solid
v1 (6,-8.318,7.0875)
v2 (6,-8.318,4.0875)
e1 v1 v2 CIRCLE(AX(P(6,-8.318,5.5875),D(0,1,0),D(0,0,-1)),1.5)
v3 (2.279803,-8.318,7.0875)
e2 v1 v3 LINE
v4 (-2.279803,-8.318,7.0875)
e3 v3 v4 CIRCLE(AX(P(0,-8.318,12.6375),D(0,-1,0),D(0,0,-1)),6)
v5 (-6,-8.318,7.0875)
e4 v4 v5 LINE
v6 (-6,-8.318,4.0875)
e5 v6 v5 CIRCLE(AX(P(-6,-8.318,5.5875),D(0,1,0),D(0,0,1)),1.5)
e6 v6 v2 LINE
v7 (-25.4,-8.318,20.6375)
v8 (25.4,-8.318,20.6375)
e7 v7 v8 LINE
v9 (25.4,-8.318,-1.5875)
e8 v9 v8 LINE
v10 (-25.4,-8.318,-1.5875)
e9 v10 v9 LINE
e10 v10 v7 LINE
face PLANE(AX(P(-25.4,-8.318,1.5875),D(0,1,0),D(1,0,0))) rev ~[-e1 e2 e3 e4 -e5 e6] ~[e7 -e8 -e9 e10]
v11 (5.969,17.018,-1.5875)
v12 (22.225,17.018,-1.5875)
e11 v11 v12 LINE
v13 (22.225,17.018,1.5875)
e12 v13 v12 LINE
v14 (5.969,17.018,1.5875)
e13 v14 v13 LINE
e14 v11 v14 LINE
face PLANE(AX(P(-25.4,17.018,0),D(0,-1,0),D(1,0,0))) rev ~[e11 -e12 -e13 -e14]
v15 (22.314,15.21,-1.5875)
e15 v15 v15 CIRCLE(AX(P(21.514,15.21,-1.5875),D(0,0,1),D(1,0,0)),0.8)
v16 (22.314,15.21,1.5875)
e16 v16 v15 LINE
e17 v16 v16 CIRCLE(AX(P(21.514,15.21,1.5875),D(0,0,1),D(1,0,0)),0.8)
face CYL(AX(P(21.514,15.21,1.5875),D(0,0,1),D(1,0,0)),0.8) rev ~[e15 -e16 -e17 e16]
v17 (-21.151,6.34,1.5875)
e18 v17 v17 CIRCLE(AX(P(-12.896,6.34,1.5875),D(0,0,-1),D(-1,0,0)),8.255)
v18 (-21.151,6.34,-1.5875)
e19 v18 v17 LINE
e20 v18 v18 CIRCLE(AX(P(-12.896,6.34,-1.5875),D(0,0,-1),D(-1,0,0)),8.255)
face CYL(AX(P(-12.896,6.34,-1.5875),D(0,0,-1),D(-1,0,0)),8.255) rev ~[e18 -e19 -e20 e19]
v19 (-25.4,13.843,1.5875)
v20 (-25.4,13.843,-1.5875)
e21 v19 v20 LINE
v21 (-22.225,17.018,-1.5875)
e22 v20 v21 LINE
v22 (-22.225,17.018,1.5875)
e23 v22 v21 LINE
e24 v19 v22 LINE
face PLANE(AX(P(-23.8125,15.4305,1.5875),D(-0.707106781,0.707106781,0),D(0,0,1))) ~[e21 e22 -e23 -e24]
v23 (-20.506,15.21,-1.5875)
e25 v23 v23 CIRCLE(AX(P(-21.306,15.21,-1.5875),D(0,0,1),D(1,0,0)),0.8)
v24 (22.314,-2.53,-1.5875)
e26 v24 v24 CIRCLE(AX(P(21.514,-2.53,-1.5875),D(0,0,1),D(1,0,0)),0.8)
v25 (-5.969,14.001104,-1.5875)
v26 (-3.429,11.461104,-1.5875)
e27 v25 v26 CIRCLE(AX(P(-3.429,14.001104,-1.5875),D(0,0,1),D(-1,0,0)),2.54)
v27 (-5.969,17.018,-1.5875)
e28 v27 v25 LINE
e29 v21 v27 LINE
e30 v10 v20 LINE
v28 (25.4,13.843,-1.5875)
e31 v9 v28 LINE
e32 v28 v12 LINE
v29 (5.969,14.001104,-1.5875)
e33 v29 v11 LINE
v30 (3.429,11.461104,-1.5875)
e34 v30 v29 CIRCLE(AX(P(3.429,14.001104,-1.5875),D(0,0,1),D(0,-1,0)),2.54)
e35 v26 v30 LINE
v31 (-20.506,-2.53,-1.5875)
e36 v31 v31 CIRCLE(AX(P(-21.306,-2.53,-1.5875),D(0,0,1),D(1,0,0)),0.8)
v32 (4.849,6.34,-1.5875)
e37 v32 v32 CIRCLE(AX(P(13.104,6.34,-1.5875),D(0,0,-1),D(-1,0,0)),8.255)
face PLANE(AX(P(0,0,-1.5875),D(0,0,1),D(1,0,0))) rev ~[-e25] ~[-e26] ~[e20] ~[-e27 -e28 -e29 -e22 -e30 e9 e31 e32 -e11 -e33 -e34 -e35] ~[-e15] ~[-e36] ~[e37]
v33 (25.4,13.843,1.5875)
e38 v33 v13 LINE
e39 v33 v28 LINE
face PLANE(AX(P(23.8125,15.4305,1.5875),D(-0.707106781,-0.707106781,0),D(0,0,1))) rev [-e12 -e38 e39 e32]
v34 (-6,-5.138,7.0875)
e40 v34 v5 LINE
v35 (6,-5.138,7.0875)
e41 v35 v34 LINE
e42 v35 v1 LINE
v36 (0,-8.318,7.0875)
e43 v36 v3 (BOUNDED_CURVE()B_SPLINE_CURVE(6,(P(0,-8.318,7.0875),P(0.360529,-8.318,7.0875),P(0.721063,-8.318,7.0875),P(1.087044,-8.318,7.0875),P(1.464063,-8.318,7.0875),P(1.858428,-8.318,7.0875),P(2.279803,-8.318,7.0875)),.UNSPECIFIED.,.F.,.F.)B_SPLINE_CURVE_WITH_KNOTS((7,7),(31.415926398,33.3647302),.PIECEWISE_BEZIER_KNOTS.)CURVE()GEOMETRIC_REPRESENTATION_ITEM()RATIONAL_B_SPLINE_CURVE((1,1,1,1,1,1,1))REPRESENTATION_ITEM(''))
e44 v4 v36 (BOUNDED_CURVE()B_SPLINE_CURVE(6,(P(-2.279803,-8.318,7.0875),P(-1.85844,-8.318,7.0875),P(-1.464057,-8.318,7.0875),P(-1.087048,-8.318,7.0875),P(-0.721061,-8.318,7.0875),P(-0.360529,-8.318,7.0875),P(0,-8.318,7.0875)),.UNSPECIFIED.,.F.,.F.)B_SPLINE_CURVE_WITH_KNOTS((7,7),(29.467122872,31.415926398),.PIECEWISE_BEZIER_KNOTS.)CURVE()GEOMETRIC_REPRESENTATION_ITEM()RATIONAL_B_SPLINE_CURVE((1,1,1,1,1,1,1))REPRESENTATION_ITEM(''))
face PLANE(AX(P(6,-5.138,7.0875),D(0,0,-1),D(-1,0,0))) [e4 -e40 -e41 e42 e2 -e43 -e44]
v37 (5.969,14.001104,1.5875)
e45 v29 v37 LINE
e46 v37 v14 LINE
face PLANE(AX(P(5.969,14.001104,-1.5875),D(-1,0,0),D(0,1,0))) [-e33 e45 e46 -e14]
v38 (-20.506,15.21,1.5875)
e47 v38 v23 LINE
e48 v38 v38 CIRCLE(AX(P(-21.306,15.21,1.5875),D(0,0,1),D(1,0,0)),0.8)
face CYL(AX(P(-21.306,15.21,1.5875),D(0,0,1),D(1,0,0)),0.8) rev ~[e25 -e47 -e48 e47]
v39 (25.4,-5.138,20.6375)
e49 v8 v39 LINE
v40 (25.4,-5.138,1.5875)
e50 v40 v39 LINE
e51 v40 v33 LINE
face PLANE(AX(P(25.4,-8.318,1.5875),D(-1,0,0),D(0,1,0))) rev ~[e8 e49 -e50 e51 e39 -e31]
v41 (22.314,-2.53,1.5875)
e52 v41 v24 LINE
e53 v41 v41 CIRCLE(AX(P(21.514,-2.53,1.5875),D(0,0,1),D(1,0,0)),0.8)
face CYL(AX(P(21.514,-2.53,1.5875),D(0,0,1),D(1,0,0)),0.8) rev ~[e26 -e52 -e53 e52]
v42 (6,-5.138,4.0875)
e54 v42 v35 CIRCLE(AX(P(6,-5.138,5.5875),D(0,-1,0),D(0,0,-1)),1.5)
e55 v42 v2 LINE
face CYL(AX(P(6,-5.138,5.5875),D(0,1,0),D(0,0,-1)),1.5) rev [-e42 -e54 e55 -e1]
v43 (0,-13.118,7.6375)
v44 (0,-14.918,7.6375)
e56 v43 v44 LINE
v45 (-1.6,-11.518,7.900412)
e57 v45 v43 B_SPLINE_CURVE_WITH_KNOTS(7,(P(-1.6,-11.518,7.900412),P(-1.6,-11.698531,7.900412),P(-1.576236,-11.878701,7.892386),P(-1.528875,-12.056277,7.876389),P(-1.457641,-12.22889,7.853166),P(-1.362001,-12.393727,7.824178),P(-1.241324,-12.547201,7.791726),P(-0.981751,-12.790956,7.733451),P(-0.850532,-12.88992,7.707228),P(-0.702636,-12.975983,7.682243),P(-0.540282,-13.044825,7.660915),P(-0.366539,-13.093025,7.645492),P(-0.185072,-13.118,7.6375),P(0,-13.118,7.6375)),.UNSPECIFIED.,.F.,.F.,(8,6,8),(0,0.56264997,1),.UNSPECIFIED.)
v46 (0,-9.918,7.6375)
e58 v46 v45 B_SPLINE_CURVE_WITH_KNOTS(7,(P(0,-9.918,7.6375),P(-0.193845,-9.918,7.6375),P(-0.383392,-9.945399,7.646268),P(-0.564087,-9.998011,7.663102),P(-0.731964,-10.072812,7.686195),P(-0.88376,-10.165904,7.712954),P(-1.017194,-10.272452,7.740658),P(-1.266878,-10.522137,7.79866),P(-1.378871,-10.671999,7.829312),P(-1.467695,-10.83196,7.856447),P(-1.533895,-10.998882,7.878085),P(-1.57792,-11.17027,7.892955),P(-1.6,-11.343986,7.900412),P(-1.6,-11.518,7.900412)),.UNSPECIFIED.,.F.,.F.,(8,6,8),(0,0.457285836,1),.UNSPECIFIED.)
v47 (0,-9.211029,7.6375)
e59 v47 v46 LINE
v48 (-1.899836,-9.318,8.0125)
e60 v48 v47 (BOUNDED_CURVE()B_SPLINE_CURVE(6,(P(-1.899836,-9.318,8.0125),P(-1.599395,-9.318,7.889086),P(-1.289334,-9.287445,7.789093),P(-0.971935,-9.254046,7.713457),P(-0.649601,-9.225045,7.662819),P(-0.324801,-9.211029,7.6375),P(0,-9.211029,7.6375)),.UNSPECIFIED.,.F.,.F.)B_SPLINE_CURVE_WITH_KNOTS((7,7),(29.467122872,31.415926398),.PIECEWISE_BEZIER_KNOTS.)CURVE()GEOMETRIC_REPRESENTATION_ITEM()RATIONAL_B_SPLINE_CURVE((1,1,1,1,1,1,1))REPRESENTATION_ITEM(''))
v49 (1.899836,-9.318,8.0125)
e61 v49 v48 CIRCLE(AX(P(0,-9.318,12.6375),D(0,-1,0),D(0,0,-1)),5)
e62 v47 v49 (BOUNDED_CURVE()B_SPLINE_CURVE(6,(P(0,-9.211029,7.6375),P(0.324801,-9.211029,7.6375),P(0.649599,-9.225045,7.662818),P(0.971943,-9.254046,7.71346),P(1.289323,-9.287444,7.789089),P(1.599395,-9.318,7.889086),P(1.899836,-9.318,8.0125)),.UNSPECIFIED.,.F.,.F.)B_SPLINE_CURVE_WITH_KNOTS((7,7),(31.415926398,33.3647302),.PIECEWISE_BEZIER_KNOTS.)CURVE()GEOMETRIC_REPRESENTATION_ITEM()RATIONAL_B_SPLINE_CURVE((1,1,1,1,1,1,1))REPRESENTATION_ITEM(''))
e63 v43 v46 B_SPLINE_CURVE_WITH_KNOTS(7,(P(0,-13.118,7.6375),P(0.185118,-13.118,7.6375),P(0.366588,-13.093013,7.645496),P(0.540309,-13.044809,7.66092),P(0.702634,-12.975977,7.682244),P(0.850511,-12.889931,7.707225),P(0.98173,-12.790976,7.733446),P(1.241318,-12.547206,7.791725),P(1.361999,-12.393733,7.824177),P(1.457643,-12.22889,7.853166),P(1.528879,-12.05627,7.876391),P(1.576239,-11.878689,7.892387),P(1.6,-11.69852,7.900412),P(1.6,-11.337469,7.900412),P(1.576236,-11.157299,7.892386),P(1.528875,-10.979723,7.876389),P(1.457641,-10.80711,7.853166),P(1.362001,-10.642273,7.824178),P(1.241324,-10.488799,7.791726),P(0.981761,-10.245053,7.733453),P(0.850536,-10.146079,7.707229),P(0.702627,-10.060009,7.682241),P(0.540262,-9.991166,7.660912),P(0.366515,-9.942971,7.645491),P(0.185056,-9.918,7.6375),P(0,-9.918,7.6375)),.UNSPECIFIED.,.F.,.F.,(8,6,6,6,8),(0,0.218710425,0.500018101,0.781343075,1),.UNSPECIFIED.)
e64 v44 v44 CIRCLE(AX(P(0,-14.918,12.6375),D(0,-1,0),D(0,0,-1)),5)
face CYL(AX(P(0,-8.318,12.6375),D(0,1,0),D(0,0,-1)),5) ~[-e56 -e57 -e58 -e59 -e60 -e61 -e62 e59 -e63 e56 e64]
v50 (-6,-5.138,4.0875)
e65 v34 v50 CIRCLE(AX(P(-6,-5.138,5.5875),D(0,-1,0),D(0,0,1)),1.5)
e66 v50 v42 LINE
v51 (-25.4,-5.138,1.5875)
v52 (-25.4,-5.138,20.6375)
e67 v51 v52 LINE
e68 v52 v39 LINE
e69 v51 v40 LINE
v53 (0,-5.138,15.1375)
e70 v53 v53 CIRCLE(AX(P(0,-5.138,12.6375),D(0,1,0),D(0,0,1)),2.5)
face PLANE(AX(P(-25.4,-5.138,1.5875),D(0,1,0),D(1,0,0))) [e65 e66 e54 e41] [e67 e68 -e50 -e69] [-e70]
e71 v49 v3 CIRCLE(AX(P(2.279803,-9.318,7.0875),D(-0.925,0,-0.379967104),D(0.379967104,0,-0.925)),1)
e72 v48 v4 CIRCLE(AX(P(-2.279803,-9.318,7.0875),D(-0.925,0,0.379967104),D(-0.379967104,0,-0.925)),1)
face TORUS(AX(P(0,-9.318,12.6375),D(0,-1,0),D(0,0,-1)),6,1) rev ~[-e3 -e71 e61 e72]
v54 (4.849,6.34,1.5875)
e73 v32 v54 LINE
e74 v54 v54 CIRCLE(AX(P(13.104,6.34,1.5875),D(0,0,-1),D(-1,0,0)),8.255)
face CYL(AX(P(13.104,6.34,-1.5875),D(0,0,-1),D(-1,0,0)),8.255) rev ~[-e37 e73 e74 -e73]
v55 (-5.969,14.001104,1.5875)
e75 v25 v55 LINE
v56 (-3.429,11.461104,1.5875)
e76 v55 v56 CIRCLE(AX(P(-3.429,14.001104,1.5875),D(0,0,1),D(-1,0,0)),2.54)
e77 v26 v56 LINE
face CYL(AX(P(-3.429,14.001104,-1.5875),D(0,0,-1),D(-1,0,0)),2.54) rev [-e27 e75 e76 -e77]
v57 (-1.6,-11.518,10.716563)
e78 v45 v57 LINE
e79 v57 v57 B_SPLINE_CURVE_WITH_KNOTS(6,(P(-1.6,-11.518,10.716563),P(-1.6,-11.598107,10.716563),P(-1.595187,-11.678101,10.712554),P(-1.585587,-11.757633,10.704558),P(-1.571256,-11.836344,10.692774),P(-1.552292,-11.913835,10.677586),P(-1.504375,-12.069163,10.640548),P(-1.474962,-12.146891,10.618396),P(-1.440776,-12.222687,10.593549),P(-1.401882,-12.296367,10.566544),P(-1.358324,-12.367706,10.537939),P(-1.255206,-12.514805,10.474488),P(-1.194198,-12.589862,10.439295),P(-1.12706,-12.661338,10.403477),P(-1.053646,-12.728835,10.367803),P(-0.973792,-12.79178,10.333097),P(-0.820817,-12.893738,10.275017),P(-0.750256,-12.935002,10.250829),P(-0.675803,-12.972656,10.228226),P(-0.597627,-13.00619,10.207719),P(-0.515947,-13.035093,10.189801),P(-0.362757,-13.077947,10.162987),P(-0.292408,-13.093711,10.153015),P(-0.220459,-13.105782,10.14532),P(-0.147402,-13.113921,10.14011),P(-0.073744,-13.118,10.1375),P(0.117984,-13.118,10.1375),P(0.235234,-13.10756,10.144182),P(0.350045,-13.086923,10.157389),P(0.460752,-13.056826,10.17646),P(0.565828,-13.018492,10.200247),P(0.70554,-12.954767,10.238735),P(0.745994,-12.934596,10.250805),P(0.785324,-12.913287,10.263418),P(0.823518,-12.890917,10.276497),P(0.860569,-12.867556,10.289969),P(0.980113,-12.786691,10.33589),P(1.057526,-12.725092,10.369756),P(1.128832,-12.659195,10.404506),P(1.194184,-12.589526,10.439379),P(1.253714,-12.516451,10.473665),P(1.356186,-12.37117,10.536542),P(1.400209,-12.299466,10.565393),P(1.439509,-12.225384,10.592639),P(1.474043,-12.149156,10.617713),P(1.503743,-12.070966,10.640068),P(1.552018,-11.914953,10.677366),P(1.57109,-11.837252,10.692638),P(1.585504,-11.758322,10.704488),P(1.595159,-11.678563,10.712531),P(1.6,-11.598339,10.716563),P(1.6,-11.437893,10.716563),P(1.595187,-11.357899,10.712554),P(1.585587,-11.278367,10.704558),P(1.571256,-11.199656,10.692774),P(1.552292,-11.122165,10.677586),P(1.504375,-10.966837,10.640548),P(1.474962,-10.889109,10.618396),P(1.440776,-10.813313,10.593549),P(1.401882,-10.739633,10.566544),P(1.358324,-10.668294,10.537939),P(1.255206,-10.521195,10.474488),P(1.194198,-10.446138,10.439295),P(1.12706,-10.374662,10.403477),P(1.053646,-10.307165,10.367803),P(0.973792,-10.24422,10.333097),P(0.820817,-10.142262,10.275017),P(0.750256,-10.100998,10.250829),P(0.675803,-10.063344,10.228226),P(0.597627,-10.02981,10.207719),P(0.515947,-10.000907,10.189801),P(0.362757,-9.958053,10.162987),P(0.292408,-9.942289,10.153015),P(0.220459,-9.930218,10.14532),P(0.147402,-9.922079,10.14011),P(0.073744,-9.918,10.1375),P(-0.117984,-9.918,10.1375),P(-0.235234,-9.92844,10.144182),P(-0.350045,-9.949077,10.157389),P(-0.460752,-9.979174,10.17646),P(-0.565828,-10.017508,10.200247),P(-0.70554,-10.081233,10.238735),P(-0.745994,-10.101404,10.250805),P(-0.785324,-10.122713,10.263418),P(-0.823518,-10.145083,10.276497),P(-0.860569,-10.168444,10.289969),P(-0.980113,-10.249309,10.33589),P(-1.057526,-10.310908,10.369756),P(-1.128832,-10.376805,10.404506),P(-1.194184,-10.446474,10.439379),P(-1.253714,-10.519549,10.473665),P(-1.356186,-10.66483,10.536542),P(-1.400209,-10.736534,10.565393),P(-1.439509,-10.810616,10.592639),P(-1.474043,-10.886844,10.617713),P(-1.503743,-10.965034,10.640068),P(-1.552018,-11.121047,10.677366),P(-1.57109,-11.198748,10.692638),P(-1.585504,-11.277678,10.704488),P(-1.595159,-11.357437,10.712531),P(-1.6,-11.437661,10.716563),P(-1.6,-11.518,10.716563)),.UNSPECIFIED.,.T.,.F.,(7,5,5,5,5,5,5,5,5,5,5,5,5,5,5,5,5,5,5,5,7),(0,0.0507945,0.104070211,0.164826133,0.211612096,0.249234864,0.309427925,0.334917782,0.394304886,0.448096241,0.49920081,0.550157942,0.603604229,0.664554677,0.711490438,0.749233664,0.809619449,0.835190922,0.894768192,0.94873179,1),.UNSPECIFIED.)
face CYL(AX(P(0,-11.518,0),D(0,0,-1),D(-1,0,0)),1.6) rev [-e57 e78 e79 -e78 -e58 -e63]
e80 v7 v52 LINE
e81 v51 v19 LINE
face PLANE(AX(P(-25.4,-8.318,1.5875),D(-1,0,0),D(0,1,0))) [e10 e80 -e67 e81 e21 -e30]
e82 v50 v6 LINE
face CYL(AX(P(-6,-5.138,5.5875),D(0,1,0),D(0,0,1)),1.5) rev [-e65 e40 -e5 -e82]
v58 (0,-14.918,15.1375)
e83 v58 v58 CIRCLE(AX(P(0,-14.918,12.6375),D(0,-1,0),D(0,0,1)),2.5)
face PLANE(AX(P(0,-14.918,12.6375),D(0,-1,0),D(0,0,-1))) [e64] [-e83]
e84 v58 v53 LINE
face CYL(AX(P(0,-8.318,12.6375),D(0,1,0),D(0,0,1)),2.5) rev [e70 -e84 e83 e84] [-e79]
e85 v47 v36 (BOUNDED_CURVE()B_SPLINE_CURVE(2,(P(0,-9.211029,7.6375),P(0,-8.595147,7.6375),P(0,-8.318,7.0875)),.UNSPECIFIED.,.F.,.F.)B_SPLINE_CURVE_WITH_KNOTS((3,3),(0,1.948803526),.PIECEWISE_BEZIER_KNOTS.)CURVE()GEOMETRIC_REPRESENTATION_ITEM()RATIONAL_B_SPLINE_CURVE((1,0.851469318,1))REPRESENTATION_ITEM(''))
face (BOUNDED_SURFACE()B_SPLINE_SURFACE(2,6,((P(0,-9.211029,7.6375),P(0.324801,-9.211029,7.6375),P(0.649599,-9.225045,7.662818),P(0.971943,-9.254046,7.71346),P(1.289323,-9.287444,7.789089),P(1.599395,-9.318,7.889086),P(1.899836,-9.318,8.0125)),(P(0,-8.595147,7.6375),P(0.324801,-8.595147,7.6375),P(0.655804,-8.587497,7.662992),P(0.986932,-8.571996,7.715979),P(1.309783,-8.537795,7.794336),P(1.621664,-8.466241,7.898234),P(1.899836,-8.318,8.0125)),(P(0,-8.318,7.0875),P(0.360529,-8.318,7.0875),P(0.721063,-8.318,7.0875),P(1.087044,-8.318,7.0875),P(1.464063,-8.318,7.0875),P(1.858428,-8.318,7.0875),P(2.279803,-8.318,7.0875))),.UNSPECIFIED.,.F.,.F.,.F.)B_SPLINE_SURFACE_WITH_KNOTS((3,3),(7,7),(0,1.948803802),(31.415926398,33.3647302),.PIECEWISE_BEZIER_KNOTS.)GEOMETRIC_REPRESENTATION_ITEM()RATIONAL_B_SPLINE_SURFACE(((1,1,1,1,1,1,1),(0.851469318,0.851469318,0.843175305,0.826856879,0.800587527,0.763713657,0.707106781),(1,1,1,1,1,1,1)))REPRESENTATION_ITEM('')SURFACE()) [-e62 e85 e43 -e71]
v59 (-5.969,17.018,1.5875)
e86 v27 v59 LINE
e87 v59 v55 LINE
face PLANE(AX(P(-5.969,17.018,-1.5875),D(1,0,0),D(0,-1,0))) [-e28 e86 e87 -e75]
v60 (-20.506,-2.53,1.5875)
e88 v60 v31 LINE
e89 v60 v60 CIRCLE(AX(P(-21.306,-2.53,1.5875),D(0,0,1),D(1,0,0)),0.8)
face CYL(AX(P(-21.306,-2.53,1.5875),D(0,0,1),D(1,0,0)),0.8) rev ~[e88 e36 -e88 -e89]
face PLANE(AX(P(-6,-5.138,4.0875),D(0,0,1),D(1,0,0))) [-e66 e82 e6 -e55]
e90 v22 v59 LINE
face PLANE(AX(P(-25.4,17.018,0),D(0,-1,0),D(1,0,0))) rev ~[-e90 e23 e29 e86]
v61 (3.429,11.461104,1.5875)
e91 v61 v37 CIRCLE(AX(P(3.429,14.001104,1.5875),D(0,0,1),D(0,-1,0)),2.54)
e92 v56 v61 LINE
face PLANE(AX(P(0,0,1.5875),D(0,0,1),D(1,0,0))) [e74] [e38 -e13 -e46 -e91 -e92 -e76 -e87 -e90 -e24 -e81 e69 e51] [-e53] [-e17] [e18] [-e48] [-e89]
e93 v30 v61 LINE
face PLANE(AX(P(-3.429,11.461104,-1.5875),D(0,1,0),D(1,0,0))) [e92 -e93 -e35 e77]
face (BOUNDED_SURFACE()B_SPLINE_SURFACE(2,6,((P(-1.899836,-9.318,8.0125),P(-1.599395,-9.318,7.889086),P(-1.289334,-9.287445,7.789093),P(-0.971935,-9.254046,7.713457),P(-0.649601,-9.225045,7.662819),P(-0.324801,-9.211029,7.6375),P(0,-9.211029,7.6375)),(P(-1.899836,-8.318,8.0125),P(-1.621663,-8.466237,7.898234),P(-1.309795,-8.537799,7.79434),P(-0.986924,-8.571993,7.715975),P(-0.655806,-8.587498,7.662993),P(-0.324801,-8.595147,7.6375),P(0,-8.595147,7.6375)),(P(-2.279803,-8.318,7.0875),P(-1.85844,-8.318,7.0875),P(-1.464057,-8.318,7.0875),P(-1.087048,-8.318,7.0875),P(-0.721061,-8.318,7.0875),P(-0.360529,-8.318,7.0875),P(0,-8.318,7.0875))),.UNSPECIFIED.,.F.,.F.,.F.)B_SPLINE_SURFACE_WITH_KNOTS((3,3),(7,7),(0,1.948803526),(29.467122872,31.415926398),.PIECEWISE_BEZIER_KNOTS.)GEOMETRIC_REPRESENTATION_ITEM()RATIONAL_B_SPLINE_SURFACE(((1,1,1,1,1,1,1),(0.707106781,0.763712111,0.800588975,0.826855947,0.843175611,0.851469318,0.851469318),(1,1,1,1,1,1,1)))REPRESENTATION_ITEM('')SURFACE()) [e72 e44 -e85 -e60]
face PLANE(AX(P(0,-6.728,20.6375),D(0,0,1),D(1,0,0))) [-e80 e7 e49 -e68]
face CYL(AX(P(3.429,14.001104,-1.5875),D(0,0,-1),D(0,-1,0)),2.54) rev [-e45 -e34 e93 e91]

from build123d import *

# Parameters (mm, degrees)
SKETCH1_W                = 50.8
SKETCH1_H                = 34.036
BOSS_EXTRUDE1_DEPTH      = 1.5875
CHAMFER2_SIZE            = 3.175
CUT_EXTRUDE1_DEPTH       = 3.175
SKETCH7_R                = 8.255
CUT_EXTRUDE3_DEPTH       = 3.175
SKETCH8_R                = 8.255
CUT_EXTRUDE4_DEPTH       = 3.175
SKETCH9_R                = 0.8
CUT_EXTRUDE5_DEPTH       = 3.175
SKETCH_1_W               = 50.8
SKETCH_1_H               = 8.7
CUT_EXTRUDE_1_DEPTH      = 10
SKETCH_2_W               = 50.8
SKETCH_2_H               = 3.18
EXTRUDE_1_DEPTH          = 19.05
CUT_EXTRUDE_2_DEPTH      = 10
SKETCH_3_R               = 2.5
CUT_EXTRUDE_3_DEPTH      = 10
SKETCH_5_R               = 5
SKETCH_5_R_2             = 2.5
EXTRUDE_2_DEPTH          = 6.6
CUT_EXTRUDE_4_REACH      = 38.887
CUT_EXTRUDE_4_END_RADIUS = 2.5
SKETCH_6_R               = 1.6
FILLET_1_R               = 1


with BuildPart() as part:
    # Sketch1 → Boss-Extrude1 (new, symmetric)
    with BuildSketch(Plane.XY):
        Rectangle(SKETCH1_W, SKETCH1_H)
    extrude(amount=BOSS_EXTRUDE1_DEPTH, both=True)

    # Chamfer2
    chamfer2_edges = [part.edges().sort_by_distance(p)[0] for p in [
        (-25.4, 17.018, 0),
        (25.4, 17.018, 0),
    ]]
    chamfer(chamfer2_edges, length=CHAMFER2_SIZE)

    # Sketch5 → Cut-Extrude1 (cut)
    with BuildSketch(Plane(origin=(0, 0, -1.5875), x_dir=(-1, 0, 0), z_dir=(0, 0, -1))):
        with BuildLine():
            Line((-5.969, 14.001104381), (-5.969, 17.018))
            Line((-5.969, 17.018), (5.969, 17.018))
            Line((5.969, 17.018), (5.969, 14.001104381))
            ThreePointArc((5.969, 14.001104381), (5.225051224, 12.205053157), (3.429, 11.461104381))
            Line((3.429, 11.461104381), (-3.429, 11.461104381))
            ThreePointArc((-3.429, 11.461104381), (-5.225051224, 12.205053157), (-5.969, 14.001104381))
        make_face()
    extrude(amount=-CUT_EXTRUDE1_DEPTH, mode=Mode.SUBTRACT)

    # Sketch7 → Cut-Extrude3 (cut)
    with BuildSketch(Plane(origin=(0, 0, -1.5875), x_dir=(-1, 0, 0), z_dir=(0, 0, -1))):
        with Locations((12.896, 6.34)):
            Circle(SKETCH7_R)
    extrude(amount=-CUT_EXTRUDE3_DEPTH, mode=Mode.SUBTRACT)

    # Sketch8 → Cut-Extrude4 (cut)
    with BuildSketch(Plane(origin=(0, 0, -1.5875), x_dir=(-1, 0, 0), z_dir=(0, 0, -1))):
        with Locations((-13.104, 6.34)):
            Circle(SKETCH8_R)
    extrude(amount=-CUT_EXTRUDE4_DEPTH, mode=Mode.SUBTRACT)

    # Sketch9 → Cut-Extrude5 (cut)
    with BuildSketch(Plane.XY.offset(1.5875)):
        with Locations((-21.306, 15.21)):
            Circle(SKETCH9_R)
        with Locations((21.514, 15.21)):
            Circle(SKETCH9_R)
        with Locations((21.514, -2.53)):
            Circle(SKETCH9_R)
        with Locations((-21.306, -2.53)):
            Circle(SKETCH9_R)
    extrude(amount=-CUT_EXTRUDE5_DEPTH, mode=Mode.SUBTRACT)

    # 草图1 → 切除-拉伸1 (cut)
    with BuildSketch(Plane.XY.offset(1.5875)):
        with Locations((0, -12.668)):
            Rectangle(SKETCH_1_W, SKETCH_1_H)
    extrude(amount=-CUT_EXTRUDE_1_DEPTH, mode=Mode.SUBTRACT)

    # 草图2 → 凸台-拉伸1 (add)
    with BuildSketch(Plane.XY.offset(1.5875)):
        with Locations((0, -6.728)):
            Rectangle(SKETCH_2_W, SKETCH_2_H)
    extrude(amount=EXTRUDE_1_DEPTH)

    # 草图4 → 切除-拉伸2 (cut)
    with BuildSketch(Plane(origin=(0, -5.138, 0), x_dir=(1, 0, 0), z_dir=(0, 1, 0))):
        with BuildLine():
            Line((-6, -4.0875), (6, -4.0875))
            ThreePointArc((6, -4.0875), (7.5, -5.5875), (6, -7.0875))
            Line((6, -7.0875), (-6, -7.0875))
            ThreePointArc((-6, -7.0875), (-7.5, -5.5875), (-6, -4.0875))
        make_face()
    extrude(amount=-CUT_EXTRUDE_2_DEPTH, mode=Mode.SUBTRACT)

    # 草图3 → 切除-拉伸3 (cut)
    with BuildSketch(Plane(origin=(0, -5.138, 0), x_dir=(1, 0, 0), z_dir=(0, 1, 0))):
        with Locations(Location((0, -12.6375, 0), (0, 0, 270))):
            Circle(SKETCH_3_R)
    extrude(amount=-CUT_EXTRUDE_3_DEPTH, mode=Mode.SUBTRACT)

    # 草图5 → 凸台-拉伸2 (add)
    with BuildSketch(Plane.XZ.offset(8.318)):
        with Locations(Location((0, 12.6375, 0), (0, 0, 270))):
            Circle(SKETCH_5_R)
        with Locations(Location((0, 12.6375, 0), (0, 0, 90))):
            Circle(SKETCH_5_R_2, mode=Mode.SUBTRACT)
    extrude(amount=EXTRUDE_2_DEPTH)

    # 切除-拉伸4: up to this cylinder (the profile starts outside it)
    cut_extrude_4_end = Plane(origin=(0, -11.518, 12.6375), z_dir=(0, 1, 0)) * Cylinder(CUT_EXTRUDE_4_END_RADIUS, 83.774, mode=Mode.PRIVATE)
    # 草图6 → 切除-拉伸4 (cut, up to the surface)
    with BuildSketch(Plane.XY, mode=Mode.PRIVATE) as cut_extrude_4_sk1:
        with Locations(Location((0, -11.518, 0), (0, 0, 180))):
            Circle(SKETCH_6_R)
    cut_extrude_4_tool1 = extrude(cut_extrude_4_sk1.sketch, amount=CUT_EXTRUDE_4_REACH, mode=Mode.PRIVATE) - cut_extrude_4_end
    add(cut_extrude_4_tool1.solids().sort_by_distance((0, -11.518, 0))[0], mode=Mode.SUBTRACT)

    # 圆角1
    fillet_1_edges = [part.edges().sort_by_distance(p)[0] for p in [
        (0, -8.318, 17.6375),
    ]]
    fillet(fillet_1_edges, radius=FILLET_1_R)


solid = part.part
